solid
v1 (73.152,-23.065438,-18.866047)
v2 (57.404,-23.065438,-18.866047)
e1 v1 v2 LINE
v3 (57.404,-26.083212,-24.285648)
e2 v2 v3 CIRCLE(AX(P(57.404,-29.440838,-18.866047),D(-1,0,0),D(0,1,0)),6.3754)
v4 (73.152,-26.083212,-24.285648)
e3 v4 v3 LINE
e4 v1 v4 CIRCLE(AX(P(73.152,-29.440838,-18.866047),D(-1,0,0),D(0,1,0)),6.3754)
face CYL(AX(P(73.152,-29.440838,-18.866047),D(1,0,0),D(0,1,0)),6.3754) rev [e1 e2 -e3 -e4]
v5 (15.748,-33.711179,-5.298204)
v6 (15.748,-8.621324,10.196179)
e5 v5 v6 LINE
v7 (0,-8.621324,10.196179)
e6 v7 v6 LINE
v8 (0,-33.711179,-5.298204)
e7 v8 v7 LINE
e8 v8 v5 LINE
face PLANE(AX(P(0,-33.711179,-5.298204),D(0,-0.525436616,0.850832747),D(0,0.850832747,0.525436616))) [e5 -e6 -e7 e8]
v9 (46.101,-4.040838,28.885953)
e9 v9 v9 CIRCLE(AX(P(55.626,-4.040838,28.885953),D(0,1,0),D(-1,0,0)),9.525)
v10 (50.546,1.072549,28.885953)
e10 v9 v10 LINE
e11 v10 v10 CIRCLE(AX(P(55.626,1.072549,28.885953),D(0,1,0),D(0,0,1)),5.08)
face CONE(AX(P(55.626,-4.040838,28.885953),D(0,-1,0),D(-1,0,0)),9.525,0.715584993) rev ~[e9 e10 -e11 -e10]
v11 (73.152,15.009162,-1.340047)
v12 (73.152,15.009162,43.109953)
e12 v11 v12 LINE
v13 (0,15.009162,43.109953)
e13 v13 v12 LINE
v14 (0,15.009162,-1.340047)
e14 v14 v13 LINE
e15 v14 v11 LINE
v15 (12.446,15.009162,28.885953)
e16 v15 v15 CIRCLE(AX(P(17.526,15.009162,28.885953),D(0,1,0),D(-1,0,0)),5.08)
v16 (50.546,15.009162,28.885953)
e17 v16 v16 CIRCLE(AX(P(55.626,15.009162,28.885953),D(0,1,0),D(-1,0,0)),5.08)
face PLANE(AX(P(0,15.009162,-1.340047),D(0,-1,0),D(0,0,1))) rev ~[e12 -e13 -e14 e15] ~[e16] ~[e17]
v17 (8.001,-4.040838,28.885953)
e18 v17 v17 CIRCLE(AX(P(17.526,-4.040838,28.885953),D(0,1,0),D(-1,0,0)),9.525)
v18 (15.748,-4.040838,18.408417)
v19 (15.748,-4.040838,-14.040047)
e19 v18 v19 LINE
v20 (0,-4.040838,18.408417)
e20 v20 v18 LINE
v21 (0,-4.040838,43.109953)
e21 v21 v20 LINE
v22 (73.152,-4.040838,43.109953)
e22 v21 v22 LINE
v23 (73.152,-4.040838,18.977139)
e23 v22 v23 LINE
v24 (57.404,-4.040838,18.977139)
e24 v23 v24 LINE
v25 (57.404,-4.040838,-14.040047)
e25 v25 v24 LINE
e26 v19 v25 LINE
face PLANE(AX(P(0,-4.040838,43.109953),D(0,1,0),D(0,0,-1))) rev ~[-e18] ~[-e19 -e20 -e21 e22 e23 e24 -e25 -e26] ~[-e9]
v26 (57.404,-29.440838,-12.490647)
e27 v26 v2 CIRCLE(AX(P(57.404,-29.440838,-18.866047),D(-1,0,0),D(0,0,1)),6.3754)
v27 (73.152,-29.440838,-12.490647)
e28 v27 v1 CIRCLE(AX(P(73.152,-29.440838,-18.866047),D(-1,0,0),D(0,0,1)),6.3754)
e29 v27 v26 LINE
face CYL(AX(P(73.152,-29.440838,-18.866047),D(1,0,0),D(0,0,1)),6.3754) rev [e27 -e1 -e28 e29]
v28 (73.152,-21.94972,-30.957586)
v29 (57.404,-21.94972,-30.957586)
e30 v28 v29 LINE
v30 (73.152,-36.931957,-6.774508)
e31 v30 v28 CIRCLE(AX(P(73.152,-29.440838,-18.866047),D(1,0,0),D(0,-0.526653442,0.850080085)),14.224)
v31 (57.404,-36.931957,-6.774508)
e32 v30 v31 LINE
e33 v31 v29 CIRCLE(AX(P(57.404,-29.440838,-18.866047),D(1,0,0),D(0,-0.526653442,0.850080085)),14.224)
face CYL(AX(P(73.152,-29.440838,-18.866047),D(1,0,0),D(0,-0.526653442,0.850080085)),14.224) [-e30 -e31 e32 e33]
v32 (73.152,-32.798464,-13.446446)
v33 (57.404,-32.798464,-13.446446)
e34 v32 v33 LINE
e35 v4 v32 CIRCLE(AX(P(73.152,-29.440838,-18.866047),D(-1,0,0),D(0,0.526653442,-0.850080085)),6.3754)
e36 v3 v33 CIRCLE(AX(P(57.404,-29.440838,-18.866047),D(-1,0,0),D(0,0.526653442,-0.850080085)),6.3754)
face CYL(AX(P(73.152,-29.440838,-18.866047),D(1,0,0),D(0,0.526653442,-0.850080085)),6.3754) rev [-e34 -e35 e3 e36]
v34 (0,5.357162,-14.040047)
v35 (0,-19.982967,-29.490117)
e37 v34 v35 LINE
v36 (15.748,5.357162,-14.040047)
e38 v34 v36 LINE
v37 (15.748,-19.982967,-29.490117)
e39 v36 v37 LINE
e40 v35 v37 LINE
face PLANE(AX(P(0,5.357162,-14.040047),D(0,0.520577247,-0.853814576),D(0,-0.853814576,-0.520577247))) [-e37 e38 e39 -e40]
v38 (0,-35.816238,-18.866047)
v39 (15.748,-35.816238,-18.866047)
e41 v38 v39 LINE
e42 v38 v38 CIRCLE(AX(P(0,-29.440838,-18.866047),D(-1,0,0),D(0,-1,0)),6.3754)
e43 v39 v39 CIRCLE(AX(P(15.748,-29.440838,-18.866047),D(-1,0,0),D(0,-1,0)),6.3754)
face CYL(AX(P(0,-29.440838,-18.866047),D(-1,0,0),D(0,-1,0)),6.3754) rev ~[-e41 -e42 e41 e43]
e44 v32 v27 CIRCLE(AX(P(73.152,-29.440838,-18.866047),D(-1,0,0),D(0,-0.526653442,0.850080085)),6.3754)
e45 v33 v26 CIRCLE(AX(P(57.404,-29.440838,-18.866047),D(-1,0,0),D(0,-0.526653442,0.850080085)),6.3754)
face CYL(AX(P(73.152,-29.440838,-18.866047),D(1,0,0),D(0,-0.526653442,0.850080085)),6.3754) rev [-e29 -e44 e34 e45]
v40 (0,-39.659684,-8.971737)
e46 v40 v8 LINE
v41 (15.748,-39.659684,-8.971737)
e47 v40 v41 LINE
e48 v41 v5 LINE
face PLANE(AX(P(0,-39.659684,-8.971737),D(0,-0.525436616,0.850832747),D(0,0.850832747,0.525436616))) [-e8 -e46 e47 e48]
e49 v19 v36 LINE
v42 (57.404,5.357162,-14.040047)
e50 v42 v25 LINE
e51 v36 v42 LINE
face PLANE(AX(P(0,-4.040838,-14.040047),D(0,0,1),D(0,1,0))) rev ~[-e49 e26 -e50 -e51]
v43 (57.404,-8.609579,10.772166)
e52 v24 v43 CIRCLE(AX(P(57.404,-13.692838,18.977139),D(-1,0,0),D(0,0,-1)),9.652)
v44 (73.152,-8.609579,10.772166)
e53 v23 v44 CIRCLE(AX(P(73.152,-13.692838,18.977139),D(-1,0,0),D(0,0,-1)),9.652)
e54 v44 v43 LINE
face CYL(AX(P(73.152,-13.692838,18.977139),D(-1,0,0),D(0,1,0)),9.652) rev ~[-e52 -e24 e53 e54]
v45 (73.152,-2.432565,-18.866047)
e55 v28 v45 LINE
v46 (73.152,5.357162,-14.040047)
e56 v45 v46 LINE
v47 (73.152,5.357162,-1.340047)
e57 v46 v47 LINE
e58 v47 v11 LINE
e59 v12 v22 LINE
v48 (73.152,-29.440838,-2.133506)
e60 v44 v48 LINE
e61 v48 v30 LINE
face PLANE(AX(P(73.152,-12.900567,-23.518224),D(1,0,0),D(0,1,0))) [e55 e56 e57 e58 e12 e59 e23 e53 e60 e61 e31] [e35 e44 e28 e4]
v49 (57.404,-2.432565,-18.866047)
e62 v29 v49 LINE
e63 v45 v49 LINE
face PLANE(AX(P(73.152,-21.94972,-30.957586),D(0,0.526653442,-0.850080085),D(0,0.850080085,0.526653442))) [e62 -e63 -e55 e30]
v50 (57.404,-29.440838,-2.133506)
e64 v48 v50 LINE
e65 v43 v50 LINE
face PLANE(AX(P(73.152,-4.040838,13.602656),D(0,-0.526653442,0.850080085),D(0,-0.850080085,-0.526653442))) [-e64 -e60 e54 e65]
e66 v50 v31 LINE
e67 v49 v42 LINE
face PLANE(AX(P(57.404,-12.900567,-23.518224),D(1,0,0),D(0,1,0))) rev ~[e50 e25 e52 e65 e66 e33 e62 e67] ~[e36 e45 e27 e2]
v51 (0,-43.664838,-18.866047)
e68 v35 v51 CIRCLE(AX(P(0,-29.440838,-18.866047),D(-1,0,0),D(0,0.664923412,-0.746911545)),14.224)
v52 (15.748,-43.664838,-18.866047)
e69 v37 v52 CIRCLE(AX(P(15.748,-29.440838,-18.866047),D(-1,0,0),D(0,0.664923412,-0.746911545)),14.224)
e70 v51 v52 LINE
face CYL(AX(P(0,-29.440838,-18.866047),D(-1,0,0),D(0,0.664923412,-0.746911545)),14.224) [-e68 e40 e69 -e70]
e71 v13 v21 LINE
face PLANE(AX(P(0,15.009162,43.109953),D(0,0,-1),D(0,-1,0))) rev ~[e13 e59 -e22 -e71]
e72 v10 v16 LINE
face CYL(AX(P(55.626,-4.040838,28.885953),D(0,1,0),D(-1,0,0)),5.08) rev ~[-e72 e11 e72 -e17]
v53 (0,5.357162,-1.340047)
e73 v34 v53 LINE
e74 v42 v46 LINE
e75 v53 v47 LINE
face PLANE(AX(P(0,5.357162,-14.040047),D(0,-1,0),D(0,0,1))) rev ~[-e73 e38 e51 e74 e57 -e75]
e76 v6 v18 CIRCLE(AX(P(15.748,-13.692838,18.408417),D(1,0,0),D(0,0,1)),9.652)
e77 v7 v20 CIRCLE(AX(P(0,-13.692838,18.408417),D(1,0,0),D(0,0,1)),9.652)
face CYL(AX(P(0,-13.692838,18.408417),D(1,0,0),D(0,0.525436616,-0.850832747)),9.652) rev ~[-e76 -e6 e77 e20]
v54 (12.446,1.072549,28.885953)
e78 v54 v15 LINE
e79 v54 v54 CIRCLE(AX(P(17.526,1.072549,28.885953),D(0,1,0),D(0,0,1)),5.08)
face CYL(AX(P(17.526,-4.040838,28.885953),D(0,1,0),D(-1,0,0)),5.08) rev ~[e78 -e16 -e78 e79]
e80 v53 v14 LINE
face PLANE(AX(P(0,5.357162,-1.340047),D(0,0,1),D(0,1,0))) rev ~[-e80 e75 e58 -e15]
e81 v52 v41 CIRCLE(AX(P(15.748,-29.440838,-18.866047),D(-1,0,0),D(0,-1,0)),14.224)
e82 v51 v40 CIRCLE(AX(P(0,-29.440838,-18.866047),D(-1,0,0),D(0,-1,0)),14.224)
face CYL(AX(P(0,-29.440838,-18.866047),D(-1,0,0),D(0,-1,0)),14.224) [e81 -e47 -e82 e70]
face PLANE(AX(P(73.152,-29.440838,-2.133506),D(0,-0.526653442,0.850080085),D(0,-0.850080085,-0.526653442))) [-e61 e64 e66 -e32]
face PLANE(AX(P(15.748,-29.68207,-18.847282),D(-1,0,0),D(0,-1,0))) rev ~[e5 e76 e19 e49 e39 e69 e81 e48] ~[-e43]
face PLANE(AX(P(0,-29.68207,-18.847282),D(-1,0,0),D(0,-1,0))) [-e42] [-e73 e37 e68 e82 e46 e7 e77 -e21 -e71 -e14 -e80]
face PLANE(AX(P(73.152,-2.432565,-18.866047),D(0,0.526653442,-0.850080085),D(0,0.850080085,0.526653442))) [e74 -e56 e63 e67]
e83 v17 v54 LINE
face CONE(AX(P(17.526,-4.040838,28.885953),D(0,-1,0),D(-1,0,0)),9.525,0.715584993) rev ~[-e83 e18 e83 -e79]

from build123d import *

# Parameters (mm, degrees)
F1_DEPTH       = 73.152
F4_D           = 10.16
F4_CSINK_D     = 19.05
F4_CSINK_ANGLE = 82
F6_DEPTH       = 15.748
F7_R           = 6.3754
F8_DEPTH       = 15.748
F9_R           = 9.652


with BuildPart() as f1:
    # F0 (on Right) → F1 (new body)
    with BuildSketch(Plane.YZ):
        Polygon((15.0091618985, 43.1099530668), (-4.0408381015, 43.1099530668), (-4.0408381015, -14.0400469332), (5.3571618985, -14.0400469332), (5.3571618985, -1.3400469332), (15.0091618985, -1.3400469332), align=None)
    extrude(amount=F1_DEPTH)

    # F4 (through all)
    with Locations(Plane.XZ.offset(4.0408381015)):
        with Locations((17.526, 28.8859530668), (55.626, 28.8859530668)):
            CounterSinkHole(F4_D / 2, F4_CSINK_D / 2, counter_sink_angle=F4_CSINK_ANGLE)

    # F5 (on face) → F6 (join)
    with BuildSketch(Plane.YZ.offset(73.152)):
        with BuildLine():
            Line((-21.9497195355, -30.9575860672), (-2.432565009, -18.8660469332))
            Line((-2.432565009, -18.8660469332), (-15.2168381015, -18.8660469332))
            ThreePointArc((-15.2168381015, -18.8660469332), (-17.0135325512, -25.7858917839), (-21.9497195355, -30.9575860672))
        make_face()
        with BuildLine():
            Line((-29.4408381015, -4.6420469332), (-29.4408381015, -2.1335057937))
            Line((-29.4408381015, -2.1335057937), (-36.9319566675, -6.7745077991))
            ThreePointArc((-36.9319566675, -6.7745077991), (-33.3352009093, -5.1855456879), (-29.4408381015, -4.6420469332))
        make_face()
        with BuildLine():
            Line((-32.7984644588, -13.446446357), (-36.9319566675, -6.7745077991))
            ThreePointArc((-36.9319566675, -6.7745077991), (-41.5323772355, -26.3571654992), (-21.9497195355, -30.9575860672))
            Line((-21.9497195355, -30.9575860672), (-26.0832117442, -24.2856475093))
            ThreePointArc((-26.0832117442, -24.2856475093), (-34.8604386776, -22.2236732904), (-32.7984644588, -13.446446357))
        make_face()
        with BuildLine():
            ThreePointArc((-21.9497195355, -30.9575860672), (-17.0135325512, -25.7858917839), (-15.2168381015, -18.8660469332))
            Line((-15.2168381015, -18.8660469332), (-23.0654381015, -18.8660469332))
            ThreePointArc((-23.0654381015, -18.8660469332), (-23.8707422209, -21.9676202502), (-26.0832117442, -24.2856475093))
            Line((-26.0832117442, -24.2856475093), (-21.9497195355, -30.9575860672))
        make_face()
        with BuildLine():
            Line((-29.4408381015, -12.4906469332), (-29.4408381015, -4.6420469332))
            ThreePointArc((-29.4408381015, -4.6420469332), (-33.3352009093, -5.1855456879), (-36.9319566675, -6.7745077991))
            Line((-36.9319566675, -6.7745077991), (-32.7984644588, -13.446446357))
            ThreePointArc((-32.7984644588, -13.446446357), (-31.1863471457, -12.7342508393), (-29.4408381015, -12.4906469332))
        make_face()
        with BuildLine():
            Line((-4.0408381015, -14.0400469332), (-4.0408381015, 13.602655622))
            Line((-4.0408381015, 13.602655622), (-29.4408381015, -2.1335057937))
            Line((-29.4408381015, -2.1335057937), (-29.4408381015, -4.6420469332))
            ThreePointArc((-29.4408381015, -4.6420469332), (-19.3829512459, -8.8081600776), (-15.2168381015, -18.8660469332))
            Line((-15.2168381015, -18.8660469332), (-2.432565009, -18.8660469332))
            Line((-2.432565009, -18.8660469332), (5.3571618985, -14.0400469332))
            Line((5.3571618985, -14.0400469332), (-4.0408381015, -14.0400469332))
        make_face()
        with BuildLine():
            ThreePointArc((-15.2168381015, -18.8660469332), (-19.3829512459, -8.8081600776), (-29.4408381015, -4.6420469332))
            Line((-29.4408381015, -4.6420469332), (-29.4408381015, -12.4906469332))
            ThreePointArc((-29.4408381015, -12.4906469332), (-24.9327495287, -14.3579583604), (-23.0654381015, -18.8660469332))
            Line((-23.0654381015, -18.8660469332), (-15.2168381015, -18.8660469332))
        make_face()
    extrude(amount=-F6_DEPTH)

    # F7 (on face) → F8 (join)
    with BuildSketch(Plane(origin=(0, 0, 0), x_dir=(0, -1, 0), z_dir=(-1, 0, 0))):
        with BuildLine():
            ThreePointArc((19.9829674828, -29.4901167446), (35.2629264004, -31.8439305757), (43.6648381015, -18.8660469332))
            ThreePointArc((43.6648381015, -18.8660469332), (42.6255838026, -13.5289450231), (39.6596838836, -8.9717371097))
            Line((39.6596838836, -8.9717371097), (33.7111787045, -5.2982038056))
            ThreePointArc((33.7111787045, -5.2982038056), (17.0699133249, -11.8459047572), (19.9829674828, -29.4901167446))
        make_face()
        with Locations((29.4408381015, -18.8660469332)):
            Circle(F7_R, mode=Mode.SUBTRACT)
        with BuildLine():
            Line((-5.3571618985, -14.0400469332), (19.9829674828, -29.4901167446))
            ThreePointArc((19.9829674828, -29.4901167446), (17.0699133249, -11.8459047572), (33.7111787045, -5.2982038056))
            Line((33.7111787045, -5.2982038056), (4.0408381015, 13.0248842761))
            Line((4.0408381015, 13.0248842761), (4.0408381015, -14.0400469332))
            Line((4.0408381015, -14.0400469332), (-5.3571618985, -14.0400469332))
        make_face()
    extrude(amount=-F8_DEPTH)

    # F9
    f9_edges = [f1.edges().sort_by_distance(p)[0] for p in [
        (65.278, -4.040838, 13.602656),
        (7.874, -4.040838, 13.024884),
    ]]
    fillet(f9_edges, radius=F9_R)


solid = f1.part
